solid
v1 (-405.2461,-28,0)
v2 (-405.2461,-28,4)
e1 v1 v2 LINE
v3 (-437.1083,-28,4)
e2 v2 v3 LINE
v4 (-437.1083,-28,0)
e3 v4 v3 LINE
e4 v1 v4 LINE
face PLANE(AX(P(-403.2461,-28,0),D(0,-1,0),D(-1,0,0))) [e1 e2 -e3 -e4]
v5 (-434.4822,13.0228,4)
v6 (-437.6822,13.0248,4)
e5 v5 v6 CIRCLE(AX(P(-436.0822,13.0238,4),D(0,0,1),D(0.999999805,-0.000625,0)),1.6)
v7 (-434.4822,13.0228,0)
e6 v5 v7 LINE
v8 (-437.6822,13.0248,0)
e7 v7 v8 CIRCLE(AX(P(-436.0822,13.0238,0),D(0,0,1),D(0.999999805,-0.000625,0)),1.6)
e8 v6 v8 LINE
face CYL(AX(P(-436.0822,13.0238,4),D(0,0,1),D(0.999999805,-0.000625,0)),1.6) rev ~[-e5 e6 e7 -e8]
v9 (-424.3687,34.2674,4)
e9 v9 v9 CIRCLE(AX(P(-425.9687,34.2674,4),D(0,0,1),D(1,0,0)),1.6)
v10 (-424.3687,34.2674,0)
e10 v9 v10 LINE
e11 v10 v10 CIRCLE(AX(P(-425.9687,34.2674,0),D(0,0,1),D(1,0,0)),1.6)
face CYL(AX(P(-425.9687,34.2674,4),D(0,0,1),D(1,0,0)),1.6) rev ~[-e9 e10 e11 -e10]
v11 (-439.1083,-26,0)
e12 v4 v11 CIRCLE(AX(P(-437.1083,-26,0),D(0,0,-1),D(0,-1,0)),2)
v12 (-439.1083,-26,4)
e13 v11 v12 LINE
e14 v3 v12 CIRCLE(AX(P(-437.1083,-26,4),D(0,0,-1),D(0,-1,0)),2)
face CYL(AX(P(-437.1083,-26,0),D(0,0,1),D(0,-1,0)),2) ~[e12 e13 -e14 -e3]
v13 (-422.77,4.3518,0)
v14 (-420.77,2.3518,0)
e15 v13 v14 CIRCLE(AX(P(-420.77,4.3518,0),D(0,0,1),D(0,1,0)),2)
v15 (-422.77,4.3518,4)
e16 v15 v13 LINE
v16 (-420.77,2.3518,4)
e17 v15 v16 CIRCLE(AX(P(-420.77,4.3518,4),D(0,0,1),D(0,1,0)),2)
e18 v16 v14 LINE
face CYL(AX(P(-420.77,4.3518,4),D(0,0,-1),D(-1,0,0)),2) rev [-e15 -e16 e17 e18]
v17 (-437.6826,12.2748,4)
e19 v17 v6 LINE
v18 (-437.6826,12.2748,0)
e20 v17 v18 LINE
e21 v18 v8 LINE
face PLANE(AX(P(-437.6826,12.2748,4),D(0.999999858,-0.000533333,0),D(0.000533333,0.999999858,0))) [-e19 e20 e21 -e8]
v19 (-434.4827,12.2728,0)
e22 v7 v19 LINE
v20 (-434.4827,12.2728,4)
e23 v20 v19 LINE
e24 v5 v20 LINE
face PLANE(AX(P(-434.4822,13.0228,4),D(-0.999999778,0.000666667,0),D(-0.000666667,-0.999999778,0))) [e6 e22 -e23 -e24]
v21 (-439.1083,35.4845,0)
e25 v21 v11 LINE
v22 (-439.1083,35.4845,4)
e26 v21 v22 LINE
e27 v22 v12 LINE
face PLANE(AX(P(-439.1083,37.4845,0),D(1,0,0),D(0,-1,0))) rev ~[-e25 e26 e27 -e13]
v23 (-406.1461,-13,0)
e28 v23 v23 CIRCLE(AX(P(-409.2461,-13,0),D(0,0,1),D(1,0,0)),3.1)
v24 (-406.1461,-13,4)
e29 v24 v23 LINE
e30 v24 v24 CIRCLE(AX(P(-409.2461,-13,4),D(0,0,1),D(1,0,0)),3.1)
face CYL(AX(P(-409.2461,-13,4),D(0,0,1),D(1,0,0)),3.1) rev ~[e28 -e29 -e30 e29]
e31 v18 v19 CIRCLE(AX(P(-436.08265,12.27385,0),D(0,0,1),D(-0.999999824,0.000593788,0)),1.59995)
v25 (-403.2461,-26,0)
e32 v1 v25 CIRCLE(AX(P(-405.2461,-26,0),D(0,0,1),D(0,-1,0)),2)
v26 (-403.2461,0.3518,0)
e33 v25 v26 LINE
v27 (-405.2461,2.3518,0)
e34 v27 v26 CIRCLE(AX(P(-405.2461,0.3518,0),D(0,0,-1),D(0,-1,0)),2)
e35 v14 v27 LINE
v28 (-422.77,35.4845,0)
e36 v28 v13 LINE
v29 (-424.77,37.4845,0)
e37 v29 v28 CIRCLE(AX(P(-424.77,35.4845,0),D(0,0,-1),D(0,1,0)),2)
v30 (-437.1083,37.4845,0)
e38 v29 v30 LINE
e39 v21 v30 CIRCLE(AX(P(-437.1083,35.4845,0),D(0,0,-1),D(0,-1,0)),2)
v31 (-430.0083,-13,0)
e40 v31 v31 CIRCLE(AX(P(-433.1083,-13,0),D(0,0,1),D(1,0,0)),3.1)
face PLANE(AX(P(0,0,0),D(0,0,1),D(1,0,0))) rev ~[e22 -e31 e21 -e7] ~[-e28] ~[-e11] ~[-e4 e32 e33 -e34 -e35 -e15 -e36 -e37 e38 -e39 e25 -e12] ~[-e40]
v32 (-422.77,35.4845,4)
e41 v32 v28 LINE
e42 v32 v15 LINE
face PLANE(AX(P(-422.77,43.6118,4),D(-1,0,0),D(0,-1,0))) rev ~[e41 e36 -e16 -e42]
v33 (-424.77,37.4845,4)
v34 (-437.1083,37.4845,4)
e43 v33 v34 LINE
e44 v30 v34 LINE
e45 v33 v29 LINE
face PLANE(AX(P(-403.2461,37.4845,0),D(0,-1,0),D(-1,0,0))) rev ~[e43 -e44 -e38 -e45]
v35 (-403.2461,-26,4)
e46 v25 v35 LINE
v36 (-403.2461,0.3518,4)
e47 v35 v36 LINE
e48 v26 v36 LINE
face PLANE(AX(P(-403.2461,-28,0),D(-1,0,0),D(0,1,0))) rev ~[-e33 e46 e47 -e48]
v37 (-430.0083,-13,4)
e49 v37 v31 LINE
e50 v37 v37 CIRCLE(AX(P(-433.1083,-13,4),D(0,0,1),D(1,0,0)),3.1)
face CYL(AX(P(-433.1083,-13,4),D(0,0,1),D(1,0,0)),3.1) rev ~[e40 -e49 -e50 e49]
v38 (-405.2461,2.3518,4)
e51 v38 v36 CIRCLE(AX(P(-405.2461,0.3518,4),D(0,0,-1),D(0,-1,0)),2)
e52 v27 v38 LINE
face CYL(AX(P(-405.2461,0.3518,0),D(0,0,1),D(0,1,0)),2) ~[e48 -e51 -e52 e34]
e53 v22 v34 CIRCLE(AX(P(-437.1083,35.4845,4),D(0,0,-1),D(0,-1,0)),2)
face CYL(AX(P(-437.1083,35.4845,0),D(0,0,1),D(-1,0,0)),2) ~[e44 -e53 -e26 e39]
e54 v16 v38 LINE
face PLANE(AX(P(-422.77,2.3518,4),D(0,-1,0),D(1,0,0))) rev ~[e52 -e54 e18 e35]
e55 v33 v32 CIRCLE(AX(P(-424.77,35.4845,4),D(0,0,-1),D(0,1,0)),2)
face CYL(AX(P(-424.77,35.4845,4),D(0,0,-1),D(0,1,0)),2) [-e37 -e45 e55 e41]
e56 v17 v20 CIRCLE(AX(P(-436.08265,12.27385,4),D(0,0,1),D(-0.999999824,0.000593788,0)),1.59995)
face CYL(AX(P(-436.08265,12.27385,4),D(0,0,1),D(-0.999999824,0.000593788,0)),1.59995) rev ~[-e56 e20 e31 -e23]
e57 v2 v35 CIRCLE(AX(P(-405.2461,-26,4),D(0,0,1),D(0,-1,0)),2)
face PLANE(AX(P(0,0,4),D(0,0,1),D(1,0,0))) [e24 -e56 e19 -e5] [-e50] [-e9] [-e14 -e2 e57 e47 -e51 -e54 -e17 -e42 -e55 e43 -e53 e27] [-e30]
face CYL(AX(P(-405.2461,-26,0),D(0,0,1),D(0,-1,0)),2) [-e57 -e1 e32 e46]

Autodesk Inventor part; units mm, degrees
ref_plane "YZ Plane" through (0, 0, 0) normal (1, 0, 0) x (0, 1, 0)
ref_plane "XZ Plane" through (0, 0, 0) normal (0, 1, 0) x (-1, 0, 0)
ref_plane "XY Plane" through (0, 0, 0) normal (0, 0, 1) x (1, 0, 0)
ref_plane "Work Plane1" through (0, 0, 0) normal (0, 0, 1) x (1, 0, 0)
sketch "Sketch1" plane through (0, 0, 0) normal (0, 0, 1) x (1, 0, 0)
  line L0 (100, -28) -> (-900, -28) projected
  line L1 (-439.1083, -28) -> (-403.2461, -28)
  line L2 (-403.2461, -28) -> (-403.2461, 37.4845)
  line L3 (-403.2461, 37.4845) -> (-439.1083, 37.4845)
  line L4 (-439.1083, 37.4845) -> (-439.1083, -28)
  point P0 (0, 0)
extrude "Extrusion1" add sketch "Sketch1" along normal blind 4
fillet "Fillet1" radius 2 4 edges at (-439.1083, -28, 2) (-403.2461, -28, 2) (-439.1083, 37.4845, 2) (-403.2461, 37.4845, 2)
sketch "Sketch2" plane through (0, 0, 4) normal (0, 0, 1) x (1, 0, 0)
  line L0 (100, -17.1) -> (-900, -17.1) projected
  line L1 (100, -8.9) -> (100, -17.1) projected
  line L2 (100, -8.9) -> (-900, -8.9) projected
  line L3 (-900, -17.1) -> (-900, -8.9) projected
  line L4 (-900, -13) -> (100, -13) construction
  line L5 (-437.1083, -28) -> (-405.2461, -28) construction
  line L6 (-421.1772, -28) -> (-421.1772, 37.4845) construction
  line L7 (-405.2461, 37.4845) -> (-437.1083, 37.4845) construction
  circle A0 centre (-433.1083, -13) radius 3.1
  line L8 (-439.1083, 35.4845) -> (-439.1083, -26) construction
  circle A1 centre (-409.2461, -13) radius 3.1
  point P0 (0, 0)
  dimension "d3" = 6.2
  dimension "d4" = 6
extrude "Extrusion2" cut sketch "Sketch2" against normal through all contours A0 | A1
sketch "Sketch3" plane through (0, 0, 4) normal (0, 0, 1) x (1, 0, 0)
  line L0 (-438.583, 11.7754) -> (-438.5811, 14.7754) projected
  arc A0 (-438.583, 11.7754) -> (-436.5842, 9.7741) centre (-436.583, 11.7741) ccw projected
  line L1 (-433.5842, 9.7722) -> (-436.5842, 9.7741) projected
  line L2 (-433.5823, 12.7722) -> (-433.5842, 9.7722) projected
  arc A1 (-433.5823, 12.7722) -> (-435.5811, 14.7735) centre (-435.5823, 12.7735) ccw projected
  line L3 (-438.5811, 14.7754) -> (-435.5811, 14.7735) projected
  line L4 (-437.6826, 12.2748) -> (-437.6822, 13.0248) projected
  arc A2 (-434.4822, 13.0228) -> (-437.6822, 13.0248) centre (-436.0822, 13.0238) ccw projected
  line L5 (-434.4822, 13.0228) -> (-434.4827, 12.2728) projected
  arc A3 (-437.6826, 12.2748) -> (-434.4827, 12.2728) centre (-436.0827, 12.2738) ccw projected
  line L6 (-423.4684, 34.7658) -> (-423.4703, 31.7658) projected
  arc A4 (-423.4684, 34.7658) -> (-425.4671, 36.7671) centre (-425.4684, 34.7671) ccw projected
  line L7 (-428.4671, 36.769) -> (-425.4671, 36.7671) projected
  line L8 (-428.469, 33.769) -> (-428.4671, 36.769) projected
  arc A5 (-428.469, 33.769) -> (-426.4703, 31.7677) centre (-426.469, 33.7677) ccw projected
  line L9 (-423.4703, 31.7658) -> (-426.4703, 31.7677) projected
  circle A6 centre (-425.9687, 34.2674) radius 1.6 projected
  point P0 (0, 0)
extrude "Extrusion3" cut sketch "Sketch3" against normal through all contours L4 A2 L5 A3 | A6
sketch "Sketch4" plane through (0, 0, 4) normal (0, 0, 1) x (1, 0, 0)
  line L0 (-394.0939, 43.6118) -> (-422.77, 43.6118)
  line L1 (-422.77, 43.6118) -> (-422.77, 2.3518)
  line L2 (-422.77, 2.3518) -> (-394.0939, 2.3518)
  line L3 (-394.0939, 2.3518) -> (-394.0939, 43.6118)
  point P0 (0, 0)
extrude "Extrusion4" cut sketch "Sketch4" against normal through all
fillet "Fillet2" radius 2 3 edges at (-403.2461, 2.3518, 2) (-422.77, 37.4845, 2) (-422.77, 2.3518, 2)
properties part number "Z limit switch holder"
